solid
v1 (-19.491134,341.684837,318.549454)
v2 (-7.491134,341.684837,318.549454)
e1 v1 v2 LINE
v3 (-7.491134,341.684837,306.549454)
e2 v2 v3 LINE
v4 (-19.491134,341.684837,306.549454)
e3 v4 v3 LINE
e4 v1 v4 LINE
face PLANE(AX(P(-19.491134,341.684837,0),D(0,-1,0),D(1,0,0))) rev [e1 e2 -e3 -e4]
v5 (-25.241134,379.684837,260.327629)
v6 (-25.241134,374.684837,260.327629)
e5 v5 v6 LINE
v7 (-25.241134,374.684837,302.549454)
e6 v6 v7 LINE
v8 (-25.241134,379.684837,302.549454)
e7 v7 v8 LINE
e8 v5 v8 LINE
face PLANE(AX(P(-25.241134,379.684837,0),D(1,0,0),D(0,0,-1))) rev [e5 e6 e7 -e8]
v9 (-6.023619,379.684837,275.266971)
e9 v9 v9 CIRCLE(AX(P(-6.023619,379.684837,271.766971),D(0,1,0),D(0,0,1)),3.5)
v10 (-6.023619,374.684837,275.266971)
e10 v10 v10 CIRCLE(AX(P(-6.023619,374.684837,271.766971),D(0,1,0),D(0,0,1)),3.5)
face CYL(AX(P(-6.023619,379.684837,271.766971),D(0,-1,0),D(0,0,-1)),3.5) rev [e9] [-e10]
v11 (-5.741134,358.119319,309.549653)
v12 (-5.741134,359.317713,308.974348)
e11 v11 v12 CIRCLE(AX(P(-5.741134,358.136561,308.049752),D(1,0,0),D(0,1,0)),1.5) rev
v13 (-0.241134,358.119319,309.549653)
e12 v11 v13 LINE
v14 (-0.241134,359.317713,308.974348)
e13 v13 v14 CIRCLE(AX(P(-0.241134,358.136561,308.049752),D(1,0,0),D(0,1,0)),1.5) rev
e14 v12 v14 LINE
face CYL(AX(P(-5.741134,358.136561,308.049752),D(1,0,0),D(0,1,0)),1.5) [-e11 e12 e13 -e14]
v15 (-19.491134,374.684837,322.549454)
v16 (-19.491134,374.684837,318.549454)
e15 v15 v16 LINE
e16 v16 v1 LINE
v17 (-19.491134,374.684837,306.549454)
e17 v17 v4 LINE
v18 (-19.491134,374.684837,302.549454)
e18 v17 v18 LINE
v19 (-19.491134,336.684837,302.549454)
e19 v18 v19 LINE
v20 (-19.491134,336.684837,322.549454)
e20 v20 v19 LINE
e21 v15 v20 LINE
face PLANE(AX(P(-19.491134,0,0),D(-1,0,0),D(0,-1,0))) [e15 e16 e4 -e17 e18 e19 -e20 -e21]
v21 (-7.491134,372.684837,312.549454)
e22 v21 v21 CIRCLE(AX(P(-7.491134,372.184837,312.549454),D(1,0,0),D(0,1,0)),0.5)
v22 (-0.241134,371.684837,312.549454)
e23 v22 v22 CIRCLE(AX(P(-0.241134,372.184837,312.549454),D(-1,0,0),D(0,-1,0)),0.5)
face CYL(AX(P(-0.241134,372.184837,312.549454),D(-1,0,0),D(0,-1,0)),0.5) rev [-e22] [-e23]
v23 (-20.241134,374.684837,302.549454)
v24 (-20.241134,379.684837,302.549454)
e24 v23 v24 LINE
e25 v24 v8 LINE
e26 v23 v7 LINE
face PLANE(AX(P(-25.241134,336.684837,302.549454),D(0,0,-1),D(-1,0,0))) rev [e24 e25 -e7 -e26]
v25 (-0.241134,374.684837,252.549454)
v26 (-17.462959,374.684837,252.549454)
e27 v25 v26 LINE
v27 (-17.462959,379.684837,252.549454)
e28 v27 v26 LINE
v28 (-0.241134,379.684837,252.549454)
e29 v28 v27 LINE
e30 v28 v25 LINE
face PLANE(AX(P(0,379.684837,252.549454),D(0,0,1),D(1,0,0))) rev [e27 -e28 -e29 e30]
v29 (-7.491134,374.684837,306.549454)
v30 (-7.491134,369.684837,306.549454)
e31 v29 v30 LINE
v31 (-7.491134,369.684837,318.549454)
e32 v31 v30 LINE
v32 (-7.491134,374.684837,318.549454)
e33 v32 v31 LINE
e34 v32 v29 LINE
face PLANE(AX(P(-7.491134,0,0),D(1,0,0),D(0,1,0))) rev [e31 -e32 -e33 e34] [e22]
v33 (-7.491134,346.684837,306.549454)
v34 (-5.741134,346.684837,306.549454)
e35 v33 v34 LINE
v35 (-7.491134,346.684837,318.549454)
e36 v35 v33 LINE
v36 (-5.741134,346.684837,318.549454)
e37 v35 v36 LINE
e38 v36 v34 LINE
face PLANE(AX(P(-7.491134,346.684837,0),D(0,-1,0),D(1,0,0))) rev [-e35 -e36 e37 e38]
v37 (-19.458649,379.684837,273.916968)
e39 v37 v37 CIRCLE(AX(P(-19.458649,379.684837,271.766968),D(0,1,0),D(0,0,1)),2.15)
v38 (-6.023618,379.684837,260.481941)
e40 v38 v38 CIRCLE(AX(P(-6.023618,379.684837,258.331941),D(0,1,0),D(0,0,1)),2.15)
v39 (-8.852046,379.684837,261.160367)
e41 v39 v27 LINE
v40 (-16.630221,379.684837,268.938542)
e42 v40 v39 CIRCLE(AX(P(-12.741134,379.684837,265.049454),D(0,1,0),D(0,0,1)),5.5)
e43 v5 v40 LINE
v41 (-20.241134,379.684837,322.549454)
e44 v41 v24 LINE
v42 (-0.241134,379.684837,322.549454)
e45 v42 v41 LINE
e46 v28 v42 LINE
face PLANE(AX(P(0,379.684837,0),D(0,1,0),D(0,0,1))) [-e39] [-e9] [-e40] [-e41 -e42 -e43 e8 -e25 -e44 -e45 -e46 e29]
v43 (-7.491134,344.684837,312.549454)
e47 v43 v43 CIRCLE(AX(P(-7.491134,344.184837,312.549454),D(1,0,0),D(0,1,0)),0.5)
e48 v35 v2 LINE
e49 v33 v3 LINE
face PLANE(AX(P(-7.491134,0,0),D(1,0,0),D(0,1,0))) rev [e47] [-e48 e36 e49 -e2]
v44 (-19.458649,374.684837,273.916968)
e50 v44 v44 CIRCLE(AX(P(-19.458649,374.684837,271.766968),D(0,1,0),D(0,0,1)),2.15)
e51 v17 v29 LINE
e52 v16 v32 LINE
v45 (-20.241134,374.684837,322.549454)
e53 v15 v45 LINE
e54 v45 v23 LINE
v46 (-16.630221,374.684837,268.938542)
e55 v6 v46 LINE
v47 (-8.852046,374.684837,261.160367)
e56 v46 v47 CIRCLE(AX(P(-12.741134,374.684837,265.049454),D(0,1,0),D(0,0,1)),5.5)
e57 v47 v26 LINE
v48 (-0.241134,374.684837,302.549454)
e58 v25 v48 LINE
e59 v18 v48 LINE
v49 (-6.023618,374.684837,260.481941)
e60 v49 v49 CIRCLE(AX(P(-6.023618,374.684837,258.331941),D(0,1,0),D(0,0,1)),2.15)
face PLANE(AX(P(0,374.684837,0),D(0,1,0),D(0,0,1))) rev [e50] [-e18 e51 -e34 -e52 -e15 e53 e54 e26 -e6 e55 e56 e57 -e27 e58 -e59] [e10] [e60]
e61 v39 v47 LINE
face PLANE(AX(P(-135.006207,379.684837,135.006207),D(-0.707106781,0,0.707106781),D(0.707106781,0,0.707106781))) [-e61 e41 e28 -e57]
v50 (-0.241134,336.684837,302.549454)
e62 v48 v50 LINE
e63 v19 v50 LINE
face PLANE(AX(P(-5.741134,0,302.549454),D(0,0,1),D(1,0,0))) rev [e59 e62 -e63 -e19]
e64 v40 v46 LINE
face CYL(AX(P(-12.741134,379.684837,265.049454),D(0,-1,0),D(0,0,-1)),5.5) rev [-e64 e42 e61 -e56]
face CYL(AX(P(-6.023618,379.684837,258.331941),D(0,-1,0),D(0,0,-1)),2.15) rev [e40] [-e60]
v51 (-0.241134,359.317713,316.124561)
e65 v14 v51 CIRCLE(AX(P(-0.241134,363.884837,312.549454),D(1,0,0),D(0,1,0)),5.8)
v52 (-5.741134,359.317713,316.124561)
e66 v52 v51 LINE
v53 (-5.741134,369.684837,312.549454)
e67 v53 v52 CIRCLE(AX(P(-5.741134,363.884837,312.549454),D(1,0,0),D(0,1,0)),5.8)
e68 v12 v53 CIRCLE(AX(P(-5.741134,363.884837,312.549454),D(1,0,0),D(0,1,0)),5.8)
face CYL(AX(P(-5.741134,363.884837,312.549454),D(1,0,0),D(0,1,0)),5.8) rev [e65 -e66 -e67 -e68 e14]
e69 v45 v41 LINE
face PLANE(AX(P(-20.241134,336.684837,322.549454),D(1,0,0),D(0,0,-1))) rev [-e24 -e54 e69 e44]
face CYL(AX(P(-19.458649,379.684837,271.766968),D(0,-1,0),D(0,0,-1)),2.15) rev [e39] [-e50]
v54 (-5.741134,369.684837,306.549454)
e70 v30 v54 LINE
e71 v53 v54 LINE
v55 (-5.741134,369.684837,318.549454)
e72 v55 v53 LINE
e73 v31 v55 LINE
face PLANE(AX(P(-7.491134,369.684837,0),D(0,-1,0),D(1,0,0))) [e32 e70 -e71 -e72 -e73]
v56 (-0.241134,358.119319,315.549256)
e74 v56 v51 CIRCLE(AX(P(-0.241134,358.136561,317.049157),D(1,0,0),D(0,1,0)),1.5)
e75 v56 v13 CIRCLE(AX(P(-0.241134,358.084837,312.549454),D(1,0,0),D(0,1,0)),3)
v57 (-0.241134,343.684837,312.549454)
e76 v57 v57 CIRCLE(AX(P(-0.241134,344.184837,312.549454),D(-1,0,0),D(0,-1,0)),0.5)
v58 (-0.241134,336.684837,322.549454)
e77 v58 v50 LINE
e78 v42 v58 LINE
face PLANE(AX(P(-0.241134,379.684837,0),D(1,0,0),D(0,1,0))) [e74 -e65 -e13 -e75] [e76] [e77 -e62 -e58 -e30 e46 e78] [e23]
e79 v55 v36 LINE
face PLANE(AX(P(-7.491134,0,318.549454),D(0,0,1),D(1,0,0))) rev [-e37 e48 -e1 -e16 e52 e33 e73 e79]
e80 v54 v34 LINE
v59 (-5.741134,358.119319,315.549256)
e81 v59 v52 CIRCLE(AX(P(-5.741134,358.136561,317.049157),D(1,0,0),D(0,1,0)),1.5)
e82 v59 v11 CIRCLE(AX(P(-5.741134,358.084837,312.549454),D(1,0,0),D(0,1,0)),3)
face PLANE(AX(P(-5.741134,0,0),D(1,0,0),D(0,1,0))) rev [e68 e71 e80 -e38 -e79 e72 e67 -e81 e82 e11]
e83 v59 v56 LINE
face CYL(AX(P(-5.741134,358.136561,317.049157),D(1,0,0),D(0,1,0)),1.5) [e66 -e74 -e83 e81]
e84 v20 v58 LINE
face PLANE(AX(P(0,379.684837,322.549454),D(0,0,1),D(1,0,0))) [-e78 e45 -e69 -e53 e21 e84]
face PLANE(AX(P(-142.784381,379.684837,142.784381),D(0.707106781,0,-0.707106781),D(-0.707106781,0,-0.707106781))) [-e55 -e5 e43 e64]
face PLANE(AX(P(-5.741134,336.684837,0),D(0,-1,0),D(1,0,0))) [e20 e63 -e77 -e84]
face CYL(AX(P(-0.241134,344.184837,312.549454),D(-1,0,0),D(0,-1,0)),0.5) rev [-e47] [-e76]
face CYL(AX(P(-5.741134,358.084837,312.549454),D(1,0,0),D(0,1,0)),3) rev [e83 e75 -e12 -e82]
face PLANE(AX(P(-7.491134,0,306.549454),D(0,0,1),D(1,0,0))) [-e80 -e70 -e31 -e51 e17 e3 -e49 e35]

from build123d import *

# Parameters (mm, degrees)
SKETCH1_R               = 2.15
BOSS_EXTRUDE1_DEPTH     = 5
SKETCH2_W               = 20
SKETCH2_H               = 38
BOSS_EXTRUDE2_DEPTH     = 5.5
BOSS_EXTRUDE3_START     = -5.5
SKETCH2_3_W             = 12
SKETCH2_3_H             = 5
BOSS_EXTRUDE3_DEPTH     = 1.75
BOSS_EXTRUDE4_START     = -7.25
BOSS_EXTRUDE4_DEPTH     = 12
CUT_EXTRUDE1_DEPTH      = 327.38055291
CUT_EXTRUDE1_DEPTH_BACK = 327.38055291
SKETCH3_W               = 5
SKETCH3_H               = 20
CUT_EXTRUDE2_DEPTH      = 499.511572812
CUT_EXTRUDE2_DEPTH_BACK = 499.511572812
SKETCH4_R               = 0.5


with BuildPart() as part:
    # Sketch1 → Boss-Extrude1 (new body)
    # profile 1 of 2: a face of its own
    with BuildSketch(Plane(origin=(0, 374.684836729, 0), x_dir=(1, 0, 0), z_dir=(0, 1, 0))):
        with BuildLine():
            Line((-17.462959124, -252.549454326), (-16.552371089, -253.460042361))
            ThreePointArc((-16.552371089, -253.460042361), (-5.587711318, -255.166714424), (-0.541133717, -265.049454326))
            ThreePointArc((-0.541133717, -265.049454326), (-1.047348087, -268.52729527), (-2.52398251, -271.716524237))
            ThreePointArc((-2.52398251, -271.716524237), (-2.523709833, -271.741746877), (-2.523618939, -271.766970826))
            ThreePointArc((-2.523618939, -271.766970826), (-3.566645822, -274.25961663), (-6.074066426, -275.266607243))
            ThreePointArc((-6.074066426, -275.266607243), (-20.174592051, -274.723321041), (-24.330545682, -261.238216954))
            Line((-24.330545682, -261.238216954), (-25.241133717, -260.327628919))
            Line((-25.241133717, -260.327628919), (-25.241133717, -322.549454326))
            Line((-25.241133717, -322.549454326), (-0.241133717, -322.549454326))
            Line((-0.241133717, -322.549454326), (-0.241133717, -252.549454326))
            Line((-0.241133717, -252.549454326), (-17.462959124, -252.549454326))
        make_face()
    # profile 2 of 2: a face of its own
    with BuildSketch(Plane(origin=(0, 374.684836729, 0), x_dir=(1, 0, 0), z_dir=(0, 1, 0))):
        with BuildLine():
            Line((-16.552371089, -253.460042361), (-8.852046421, -261.16036703))
            ThreePointArc((-8.852046421, -261.16036703), (-7.659796289, -262.944695448), (-7.241133717, -265.049454326))
            ThreePointArc((-7.241133717, -265.049454326), (-10.636374839, -270.130791755), (-16.630221014, -268.938541623))
            Line((-16.630221014, -268.938541623), (-24.330545682, -261.238216954))
            ThreePointArc((-24.330545682, -261.238216954), (-20.174592051, -274.723321041), (-6.074066426, -275.266607243))
            ThreePointArc((-6.074066426, -275.266607243), (-8.498492356, -269.292096775), (-2.52398251, -271.716524237))
            ThreePointArc((-2.52398251, -271.716524237), (-1.047348087, -268.52729527), (-0.541133717, -265.049454326))
            ThreePointArc((-0.541133717, -265.049454326), (-5.587711318, -255.166714424), (-16.552371089, -253.460042361))
        make_face()
        with Locations(Location((-19.458649, -271.766967887, 0), (0, 0, 270))):
            Circle(SKETCH1_R, mode=Mode.SUBTRACT)
        with Locations(Location((-6.023618435, -258.331940766, 0), (0, 0, 270))):
            Circle(SKETCH1_R, mode=Mode.SUBTRACT)
    extrude(amount=BOSS_EXTRUDE1_DEPTH)

    # Sketch2 → Boss-Extrude2 (add)
    with BuildSketch(Plane(origin=(-0.241133717, 0, 0), x_dir=(0, 0, -1), z_dir=(1, 0, 0))):
        with Locations((-312.549454326, 355.684836729)):
            Rectangle(SKETCH2_W, SKETCH2_H)
        with BuildLine():
            ThreePointArc((-308.974348052, 359.317713441), (-309.402003012, 358.785726579), (-309.54965251, 358.119319487))
            ThreePointArc((-309.54965251, 358.119319487), (-312.549454326, 355.084836729), (-315.549256143, 358.119319487))
            ThreePointArc((-315.549256143, 358.119319487), (-315.696905641, 358.785726579), (-316.124560601, 359.317713441))
            ThreePointArc((-316.124560601, 359.317713441), (-312.549454326, 369.684836729), (-308.974348052, 359.317713441))
        make_face(mode=Mode.SUBTRACT)
    extrude(amount=-BOSS_EXTRUDE2_DEPTH)

    # Sketch2<3> → Boss-Extrude3 (add)
    with BuildSketch(Plane(origin=(-0.241133717, 0, 0), x_dir=(0, 0, -1), z_dir=(1, 0, 0)).offset(BOSS_EXTRUDE3_START)):
        Polygon((-318.549454326, 374.684836729), (-322.549454326, 374.684836729), (-322.549454326, 336.684836729), (-302.549454326, 336.684836729), (-302.549454326, 374.684836729), (-306.549454326, 374.684836729), (-306.549454326, 369.684836729), (-306.549454326, 346.684836729), (-306.549454326, 341.684836729), (-318.549454326, 341.684836729), (-318.549454326, 346.684836729), (-318.549454326, 369.684836729), align=None)
        with Locations((-312.549454326, 344.184836729)):
            Rectangle(SKETCH2_3_W, SKETCH2_3_H)
        Polygon((-306.549454326, 374.684836729), (-318.549454326, 374.684836729), (-318.549454326, 369.684836729), (-312.549454326, 369.684836729), (-306.549454326, 369.684836729), align=None)
    extrude(amount=-BOSS_EXTRUDE3_DEPTH)

    # Sketch2<4> → Boss-Extrude4 (add)
    with BuildSketch(Plane(origin=(-0.241133717, 0, 0), x_dir=(0, 0, -1), z_dir=(1, 0, 0)).offset(BOSS_EXTRUDE4_START)):
        Polygon((-318.549454326, 374.684836729), (-322.549454326, 374.684836729), (-322.549454326, 336.684836729), (-302.549454326, 336.684836729), (-302.549454326, 374.684836729), (-306.549454326, 374.684836729), (-306.549454326, 369.684836729), (-306.549454326, 346.684836729), (-306.549454326, 341.684836729), (-318.549454326, 341.684836729), (-318.549454326, 346.684836729), (-318.549454326, 369.684836729), align=None)
    extrude(amount=-BOSS_EXTRUDE4_DEPTH)

    # Sketch3 → Cut-Extrude1 (cut, two sides: drawn at the far end of the back side and taken through both)
    with BuildSketch(Plane(origin=(0, 379.684836729, 0), x_dir=(1, 0, 0), z_dir=(0, 1, 0)).offset(-CUT_EXTRUDE1_DEPTH_BACK)):
        with Locations((-22.741133717, -312.549454326)):
            Rectangle(SKETCH3_W, SKETCH3_H)
    extrude(amount=CUT_EXTRUDE1_DEPTH + CUT_EXTRUDE1_DEPTH_BACK, mode=Mode.SUBTRACT)

    # Sketch4 → Cut-Extrude2 (cut, two sides: drawn at the far end of the back side and taken through both)
    with BuildSketch(Plane.ZY.offset(7.491133717).offset(-CUT_EXTRUDE2_DEPTH_BACK)):
        with Locations(Location((312.549454326, 372.184836729, 0), (0, 0, 270))):
            Circle(SKETCH4_R)
        with Locations(Location((312.549454326, 344.184836729, 0), (0, 0, 270))):
            Circle(SKETCH4_R)
    extrude(amount=CUT_EXTRUDE2_DEPTH + CUT_EXTRUDE2_DEPTH_BACK, mode=Mode.SUBTRACT)


solid = part.part
